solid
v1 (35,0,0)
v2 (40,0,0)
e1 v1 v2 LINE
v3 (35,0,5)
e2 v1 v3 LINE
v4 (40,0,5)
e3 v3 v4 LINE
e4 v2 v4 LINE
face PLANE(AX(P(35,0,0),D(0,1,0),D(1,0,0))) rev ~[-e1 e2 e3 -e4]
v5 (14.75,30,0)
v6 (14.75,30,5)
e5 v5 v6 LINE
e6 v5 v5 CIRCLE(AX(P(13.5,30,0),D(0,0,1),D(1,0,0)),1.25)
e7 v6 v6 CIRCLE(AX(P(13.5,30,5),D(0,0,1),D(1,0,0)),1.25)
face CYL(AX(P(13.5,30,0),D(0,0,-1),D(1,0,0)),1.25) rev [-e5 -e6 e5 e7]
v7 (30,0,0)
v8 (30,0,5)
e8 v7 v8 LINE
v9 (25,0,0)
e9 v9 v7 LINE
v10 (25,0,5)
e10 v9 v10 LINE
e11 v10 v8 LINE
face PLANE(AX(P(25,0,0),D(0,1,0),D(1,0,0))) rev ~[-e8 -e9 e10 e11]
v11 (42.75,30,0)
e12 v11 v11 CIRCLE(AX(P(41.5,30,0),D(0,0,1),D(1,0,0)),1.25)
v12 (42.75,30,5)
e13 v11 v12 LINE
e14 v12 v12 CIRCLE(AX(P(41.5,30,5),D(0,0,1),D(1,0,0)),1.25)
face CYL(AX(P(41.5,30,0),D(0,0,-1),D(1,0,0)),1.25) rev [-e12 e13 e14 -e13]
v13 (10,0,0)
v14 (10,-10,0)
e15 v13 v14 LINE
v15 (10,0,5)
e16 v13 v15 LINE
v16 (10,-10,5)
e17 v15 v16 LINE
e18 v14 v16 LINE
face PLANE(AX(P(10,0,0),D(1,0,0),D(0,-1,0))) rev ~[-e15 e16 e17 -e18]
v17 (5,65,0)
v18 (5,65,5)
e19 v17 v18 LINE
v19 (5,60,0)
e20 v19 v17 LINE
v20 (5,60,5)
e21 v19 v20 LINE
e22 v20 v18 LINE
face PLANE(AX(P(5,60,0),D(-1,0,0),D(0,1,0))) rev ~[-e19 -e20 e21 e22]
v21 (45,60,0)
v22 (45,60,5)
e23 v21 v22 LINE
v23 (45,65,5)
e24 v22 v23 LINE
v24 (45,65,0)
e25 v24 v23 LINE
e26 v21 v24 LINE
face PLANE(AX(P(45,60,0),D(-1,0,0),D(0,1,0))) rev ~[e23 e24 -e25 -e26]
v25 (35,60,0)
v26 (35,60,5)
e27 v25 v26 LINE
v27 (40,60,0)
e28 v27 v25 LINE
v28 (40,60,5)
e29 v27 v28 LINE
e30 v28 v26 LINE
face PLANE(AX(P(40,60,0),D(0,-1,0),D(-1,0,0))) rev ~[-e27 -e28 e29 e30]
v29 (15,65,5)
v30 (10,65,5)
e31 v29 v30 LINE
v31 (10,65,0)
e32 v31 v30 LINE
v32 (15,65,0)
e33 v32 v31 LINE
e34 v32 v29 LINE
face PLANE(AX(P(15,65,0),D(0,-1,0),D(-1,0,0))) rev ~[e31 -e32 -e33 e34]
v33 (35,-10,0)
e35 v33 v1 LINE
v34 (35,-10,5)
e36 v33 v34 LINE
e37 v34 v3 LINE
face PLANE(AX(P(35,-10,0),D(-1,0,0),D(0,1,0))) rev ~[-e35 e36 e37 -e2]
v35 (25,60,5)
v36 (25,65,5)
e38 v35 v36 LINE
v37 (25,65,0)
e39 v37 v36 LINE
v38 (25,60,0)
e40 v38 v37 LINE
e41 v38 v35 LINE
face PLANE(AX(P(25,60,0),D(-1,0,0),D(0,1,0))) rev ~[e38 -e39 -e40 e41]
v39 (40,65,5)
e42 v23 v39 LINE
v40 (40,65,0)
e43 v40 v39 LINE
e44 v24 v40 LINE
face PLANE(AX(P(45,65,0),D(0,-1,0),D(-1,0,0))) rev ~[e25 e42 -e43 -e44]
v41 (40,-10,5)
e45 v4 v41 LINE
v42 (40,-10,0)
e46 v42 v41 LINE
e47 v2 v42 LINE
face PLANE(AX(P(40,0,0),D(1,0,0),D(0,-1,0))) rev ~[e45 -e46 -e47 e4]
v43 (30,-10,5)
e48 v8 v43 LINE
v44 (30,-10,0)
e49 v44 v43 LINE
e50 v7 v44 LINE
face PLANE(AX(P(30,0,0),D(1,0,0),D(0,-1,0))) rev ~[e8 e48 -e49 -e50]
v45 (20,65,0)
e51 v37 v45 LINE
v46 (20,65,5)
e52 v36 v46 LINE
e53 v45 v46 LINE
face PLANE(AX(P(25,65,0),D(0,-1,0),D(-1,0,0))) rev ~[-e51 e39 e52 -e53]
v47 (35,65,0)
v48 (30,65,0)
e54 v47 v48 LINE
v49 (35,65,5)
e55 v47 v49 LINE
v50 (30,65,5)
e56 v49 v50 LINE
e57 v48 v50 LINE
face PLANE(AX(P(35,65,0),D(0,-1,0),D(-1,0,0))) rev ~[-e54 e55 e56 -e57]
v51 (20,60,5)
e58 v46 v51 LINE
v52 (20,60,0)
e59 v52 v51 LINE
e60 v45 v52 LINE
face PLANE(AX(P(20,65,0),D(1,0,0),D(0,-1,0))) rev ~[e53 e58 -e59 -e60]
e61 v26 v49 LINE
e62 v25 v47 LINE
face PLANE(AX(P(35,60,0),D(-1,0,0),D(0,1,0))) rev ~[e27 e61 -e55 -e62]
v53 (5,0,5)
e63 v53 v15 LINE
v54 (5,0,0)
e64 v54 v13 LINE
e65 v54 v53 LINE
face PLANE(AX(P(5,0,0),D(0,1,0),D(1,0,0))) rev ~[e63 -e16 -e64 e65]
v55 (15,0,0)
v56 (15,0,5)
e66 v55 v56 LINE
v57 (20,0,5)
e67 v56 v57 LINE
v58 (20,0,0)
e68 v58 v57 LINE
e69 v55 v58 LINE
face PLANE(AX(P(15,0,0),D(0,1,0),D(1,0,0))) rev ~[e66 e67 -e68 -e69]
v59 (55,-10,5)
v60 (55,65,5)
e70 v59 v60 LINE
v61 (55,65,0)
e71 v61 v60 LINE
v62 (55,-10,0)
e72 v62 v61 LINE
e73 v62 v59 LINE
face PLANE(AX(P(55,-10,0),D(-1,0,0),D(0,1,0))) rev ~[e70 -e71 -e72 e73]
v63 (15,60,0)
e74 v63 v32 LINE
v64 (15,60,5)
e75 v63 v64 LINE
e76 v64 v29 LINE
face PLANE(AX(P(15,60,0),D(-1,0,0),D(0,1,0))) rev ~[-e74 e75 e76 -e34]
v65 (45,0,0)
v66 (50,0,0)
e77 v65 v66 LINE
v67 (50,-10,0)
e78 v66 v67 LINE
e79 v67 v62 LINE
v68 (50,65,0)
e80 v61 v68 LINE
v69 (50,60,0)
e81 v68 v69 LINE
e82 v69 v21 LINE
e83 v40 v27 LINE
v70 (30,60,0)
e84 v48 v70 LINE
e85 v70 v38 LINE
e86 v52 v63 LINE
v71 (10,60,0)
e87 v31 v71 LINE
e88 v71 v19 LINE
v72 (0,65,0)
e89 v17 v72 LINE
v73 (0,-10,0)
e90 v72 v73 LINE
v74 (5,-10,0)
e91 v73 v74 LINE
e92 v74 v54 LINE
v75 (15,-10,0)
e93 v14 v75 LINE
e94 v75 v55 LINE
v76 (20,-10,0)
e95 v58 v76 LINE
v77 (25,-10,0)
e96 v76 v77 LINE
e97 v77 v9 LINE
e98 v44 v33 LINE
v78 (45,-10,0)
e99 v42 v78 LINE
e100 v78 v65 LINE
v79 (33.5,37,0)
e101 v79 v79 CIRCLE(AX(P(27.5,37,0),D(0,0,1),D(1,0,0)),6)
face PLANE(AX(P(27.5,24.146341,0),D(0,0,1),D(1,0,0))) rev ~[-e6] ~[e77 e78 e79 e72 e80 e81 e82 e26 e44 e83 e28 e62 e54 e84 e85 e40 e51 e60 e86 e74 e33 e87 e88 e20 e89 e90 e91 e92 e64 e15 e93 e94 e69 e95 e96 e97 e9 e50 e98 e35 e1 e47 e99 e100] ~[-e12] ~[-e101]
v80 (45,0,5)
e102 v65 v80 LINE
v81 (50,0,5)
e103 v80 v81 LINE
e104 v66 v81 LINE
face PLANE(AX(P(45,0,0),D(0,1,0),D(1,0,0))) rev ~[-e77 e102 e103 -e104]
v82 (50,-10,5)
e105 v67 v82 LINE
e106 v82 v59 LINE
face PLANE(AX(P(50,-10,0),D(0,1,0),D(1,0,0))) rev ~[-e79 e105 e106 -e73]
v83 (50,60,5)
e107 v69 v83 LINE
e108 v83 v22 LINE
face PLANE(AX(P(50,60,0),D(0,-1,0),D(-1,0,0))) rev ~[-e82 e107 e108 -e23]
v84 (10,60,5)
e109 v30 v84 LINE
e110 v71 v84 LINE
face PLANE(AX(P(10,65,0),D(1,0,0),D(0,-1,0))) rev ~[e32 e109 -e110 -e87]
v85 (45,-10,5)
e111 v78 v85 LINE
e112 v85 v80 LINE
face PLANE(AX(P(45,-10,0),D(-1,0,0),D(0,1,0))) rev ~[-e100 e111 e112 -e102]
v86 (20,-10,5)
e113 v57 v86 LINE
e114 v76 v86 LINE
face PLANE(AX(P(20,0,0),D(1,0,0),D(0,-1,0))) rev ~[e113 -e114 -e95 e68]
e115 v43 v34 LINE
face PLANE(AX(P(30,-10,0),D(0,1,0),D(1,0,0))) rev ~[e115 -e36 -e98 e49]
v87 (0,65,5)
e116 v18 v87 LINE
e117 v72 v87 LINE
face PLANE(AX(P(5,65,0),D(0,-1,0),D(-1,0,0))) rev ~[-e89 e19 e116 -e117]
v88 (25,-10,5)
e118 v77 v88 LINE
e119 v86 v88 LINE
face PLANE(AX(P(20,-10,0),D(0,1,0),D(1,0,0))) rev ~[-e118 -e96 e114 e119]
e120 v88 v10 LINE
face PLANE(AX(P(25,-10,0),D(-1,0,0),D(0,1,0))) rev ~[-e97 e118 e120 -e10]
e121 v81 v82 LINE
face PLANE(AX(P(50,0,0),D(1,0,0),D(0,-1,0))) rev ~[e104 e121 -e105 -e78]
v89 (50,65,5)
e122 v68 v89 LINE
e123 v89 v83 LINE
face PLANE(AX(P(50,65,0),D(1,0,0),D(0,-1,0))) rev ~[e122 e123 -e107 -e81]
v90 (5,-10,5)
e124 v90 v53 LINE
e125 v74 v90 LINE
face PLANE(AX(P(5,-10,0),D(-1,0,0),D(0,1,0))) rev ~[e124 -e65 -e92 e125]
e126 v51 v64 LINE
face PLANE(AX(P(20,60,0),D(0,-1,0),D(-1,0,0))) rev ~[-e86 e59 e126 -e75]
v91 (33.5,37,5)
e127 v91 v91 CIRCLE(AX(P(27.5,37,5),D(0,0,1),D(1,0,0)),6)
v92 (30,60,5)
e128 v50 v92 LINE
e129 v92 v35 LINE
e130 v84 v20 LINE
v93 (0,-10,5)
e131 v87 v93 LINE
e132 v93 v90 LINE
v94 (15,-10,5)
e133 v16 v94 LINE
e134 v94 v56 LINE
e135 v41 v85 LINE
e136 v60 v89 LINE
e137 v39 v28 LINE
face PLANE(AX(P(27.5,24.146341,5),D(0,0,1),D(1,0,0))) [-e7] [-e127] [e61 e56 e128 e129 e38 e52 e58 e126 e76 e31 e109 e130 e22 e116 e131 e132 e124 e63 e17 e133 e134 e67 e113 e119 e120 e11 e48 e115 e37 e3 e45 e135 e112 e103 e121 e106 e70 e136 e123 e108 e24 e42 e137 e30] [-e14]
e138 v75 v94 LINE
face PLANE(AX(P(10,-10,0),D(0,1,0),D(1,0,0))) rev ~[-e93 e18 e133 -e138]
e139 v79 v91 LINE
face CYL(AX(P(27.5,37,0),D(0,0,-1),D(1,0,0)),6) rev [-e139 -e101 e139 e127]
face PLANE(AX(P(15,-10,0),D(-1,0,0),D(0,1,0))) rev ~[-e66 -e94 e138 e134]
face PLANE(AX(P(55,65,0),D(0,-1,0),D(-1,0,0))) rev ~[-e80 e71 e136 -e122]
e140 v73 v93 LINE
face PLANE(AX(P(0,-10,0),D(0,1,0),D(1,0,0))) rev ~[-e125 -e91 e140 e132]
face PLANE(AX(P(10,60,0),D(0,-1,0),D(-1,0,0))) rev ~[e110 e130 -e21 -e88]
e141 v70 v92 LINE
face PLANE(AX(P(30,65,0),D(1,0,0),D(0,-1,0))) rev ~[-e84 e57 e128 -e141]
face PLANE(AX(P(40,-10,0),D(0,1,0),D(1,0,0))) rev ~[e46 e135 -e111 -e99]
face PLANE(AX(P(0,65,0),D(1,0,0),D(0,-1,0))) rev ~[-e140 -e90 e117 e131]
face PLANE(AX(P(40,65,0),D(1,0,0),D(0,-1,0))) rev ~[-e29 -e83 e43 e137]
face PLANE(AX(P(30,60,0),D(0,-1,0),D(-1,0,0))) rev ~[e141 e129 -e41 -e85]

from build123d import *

# Parameters (mm, degrees)
ESQUISSE1_R        = 1.25
ESQUISSE1_R_2      = 6
BOSS_EXTRU_1_DEPTH = 5


with BuildPart() as part:
    # Esquisse1 → Boss.-Extru.1 (new body)
    with BuildSketch(Plane.XY):
        Polygon((15, 65), (10, 65), (10, 60), (5, 60), (5, 65), (0, 65), (0, -10), (5, -10), (5, 0), (10, 0), (10, -10), (15, -10), (15, 0), (20, 0), (20, -10), (25, -10), (25, 0), (30, 0), (30, -10), (35, -10), (35, 0), (40, 0), (40, -10), (45, -10), (45, 0), (50, 0), (50, -10), (55, -10), (55, 65), (50, 65), (50, 60), (45, 60), (45, 65), (40, 65), (40, 60), (35, 60), (35, 65), (30, 65), (30, 60), (25, 60), (25, 65), (20, 65), (20, 60), (15, 60), align=None)
        with Locations((41.5, 30)):
            Circle(ESQUISSE1_R, mode=Mode.SUBTRACT)
        with Locations((13.5, 30)):
            Circle(ESQUISSE1_R, mode=Mode.SUBTRACT)
        with Locations((27.5, 37)):
            Circle(ESQUISSE1_R_2, mode=Mode.SUBTRACT)
    extrude(amount=BOSS_EXTRU_1_DEPTH)


solid = part.part
